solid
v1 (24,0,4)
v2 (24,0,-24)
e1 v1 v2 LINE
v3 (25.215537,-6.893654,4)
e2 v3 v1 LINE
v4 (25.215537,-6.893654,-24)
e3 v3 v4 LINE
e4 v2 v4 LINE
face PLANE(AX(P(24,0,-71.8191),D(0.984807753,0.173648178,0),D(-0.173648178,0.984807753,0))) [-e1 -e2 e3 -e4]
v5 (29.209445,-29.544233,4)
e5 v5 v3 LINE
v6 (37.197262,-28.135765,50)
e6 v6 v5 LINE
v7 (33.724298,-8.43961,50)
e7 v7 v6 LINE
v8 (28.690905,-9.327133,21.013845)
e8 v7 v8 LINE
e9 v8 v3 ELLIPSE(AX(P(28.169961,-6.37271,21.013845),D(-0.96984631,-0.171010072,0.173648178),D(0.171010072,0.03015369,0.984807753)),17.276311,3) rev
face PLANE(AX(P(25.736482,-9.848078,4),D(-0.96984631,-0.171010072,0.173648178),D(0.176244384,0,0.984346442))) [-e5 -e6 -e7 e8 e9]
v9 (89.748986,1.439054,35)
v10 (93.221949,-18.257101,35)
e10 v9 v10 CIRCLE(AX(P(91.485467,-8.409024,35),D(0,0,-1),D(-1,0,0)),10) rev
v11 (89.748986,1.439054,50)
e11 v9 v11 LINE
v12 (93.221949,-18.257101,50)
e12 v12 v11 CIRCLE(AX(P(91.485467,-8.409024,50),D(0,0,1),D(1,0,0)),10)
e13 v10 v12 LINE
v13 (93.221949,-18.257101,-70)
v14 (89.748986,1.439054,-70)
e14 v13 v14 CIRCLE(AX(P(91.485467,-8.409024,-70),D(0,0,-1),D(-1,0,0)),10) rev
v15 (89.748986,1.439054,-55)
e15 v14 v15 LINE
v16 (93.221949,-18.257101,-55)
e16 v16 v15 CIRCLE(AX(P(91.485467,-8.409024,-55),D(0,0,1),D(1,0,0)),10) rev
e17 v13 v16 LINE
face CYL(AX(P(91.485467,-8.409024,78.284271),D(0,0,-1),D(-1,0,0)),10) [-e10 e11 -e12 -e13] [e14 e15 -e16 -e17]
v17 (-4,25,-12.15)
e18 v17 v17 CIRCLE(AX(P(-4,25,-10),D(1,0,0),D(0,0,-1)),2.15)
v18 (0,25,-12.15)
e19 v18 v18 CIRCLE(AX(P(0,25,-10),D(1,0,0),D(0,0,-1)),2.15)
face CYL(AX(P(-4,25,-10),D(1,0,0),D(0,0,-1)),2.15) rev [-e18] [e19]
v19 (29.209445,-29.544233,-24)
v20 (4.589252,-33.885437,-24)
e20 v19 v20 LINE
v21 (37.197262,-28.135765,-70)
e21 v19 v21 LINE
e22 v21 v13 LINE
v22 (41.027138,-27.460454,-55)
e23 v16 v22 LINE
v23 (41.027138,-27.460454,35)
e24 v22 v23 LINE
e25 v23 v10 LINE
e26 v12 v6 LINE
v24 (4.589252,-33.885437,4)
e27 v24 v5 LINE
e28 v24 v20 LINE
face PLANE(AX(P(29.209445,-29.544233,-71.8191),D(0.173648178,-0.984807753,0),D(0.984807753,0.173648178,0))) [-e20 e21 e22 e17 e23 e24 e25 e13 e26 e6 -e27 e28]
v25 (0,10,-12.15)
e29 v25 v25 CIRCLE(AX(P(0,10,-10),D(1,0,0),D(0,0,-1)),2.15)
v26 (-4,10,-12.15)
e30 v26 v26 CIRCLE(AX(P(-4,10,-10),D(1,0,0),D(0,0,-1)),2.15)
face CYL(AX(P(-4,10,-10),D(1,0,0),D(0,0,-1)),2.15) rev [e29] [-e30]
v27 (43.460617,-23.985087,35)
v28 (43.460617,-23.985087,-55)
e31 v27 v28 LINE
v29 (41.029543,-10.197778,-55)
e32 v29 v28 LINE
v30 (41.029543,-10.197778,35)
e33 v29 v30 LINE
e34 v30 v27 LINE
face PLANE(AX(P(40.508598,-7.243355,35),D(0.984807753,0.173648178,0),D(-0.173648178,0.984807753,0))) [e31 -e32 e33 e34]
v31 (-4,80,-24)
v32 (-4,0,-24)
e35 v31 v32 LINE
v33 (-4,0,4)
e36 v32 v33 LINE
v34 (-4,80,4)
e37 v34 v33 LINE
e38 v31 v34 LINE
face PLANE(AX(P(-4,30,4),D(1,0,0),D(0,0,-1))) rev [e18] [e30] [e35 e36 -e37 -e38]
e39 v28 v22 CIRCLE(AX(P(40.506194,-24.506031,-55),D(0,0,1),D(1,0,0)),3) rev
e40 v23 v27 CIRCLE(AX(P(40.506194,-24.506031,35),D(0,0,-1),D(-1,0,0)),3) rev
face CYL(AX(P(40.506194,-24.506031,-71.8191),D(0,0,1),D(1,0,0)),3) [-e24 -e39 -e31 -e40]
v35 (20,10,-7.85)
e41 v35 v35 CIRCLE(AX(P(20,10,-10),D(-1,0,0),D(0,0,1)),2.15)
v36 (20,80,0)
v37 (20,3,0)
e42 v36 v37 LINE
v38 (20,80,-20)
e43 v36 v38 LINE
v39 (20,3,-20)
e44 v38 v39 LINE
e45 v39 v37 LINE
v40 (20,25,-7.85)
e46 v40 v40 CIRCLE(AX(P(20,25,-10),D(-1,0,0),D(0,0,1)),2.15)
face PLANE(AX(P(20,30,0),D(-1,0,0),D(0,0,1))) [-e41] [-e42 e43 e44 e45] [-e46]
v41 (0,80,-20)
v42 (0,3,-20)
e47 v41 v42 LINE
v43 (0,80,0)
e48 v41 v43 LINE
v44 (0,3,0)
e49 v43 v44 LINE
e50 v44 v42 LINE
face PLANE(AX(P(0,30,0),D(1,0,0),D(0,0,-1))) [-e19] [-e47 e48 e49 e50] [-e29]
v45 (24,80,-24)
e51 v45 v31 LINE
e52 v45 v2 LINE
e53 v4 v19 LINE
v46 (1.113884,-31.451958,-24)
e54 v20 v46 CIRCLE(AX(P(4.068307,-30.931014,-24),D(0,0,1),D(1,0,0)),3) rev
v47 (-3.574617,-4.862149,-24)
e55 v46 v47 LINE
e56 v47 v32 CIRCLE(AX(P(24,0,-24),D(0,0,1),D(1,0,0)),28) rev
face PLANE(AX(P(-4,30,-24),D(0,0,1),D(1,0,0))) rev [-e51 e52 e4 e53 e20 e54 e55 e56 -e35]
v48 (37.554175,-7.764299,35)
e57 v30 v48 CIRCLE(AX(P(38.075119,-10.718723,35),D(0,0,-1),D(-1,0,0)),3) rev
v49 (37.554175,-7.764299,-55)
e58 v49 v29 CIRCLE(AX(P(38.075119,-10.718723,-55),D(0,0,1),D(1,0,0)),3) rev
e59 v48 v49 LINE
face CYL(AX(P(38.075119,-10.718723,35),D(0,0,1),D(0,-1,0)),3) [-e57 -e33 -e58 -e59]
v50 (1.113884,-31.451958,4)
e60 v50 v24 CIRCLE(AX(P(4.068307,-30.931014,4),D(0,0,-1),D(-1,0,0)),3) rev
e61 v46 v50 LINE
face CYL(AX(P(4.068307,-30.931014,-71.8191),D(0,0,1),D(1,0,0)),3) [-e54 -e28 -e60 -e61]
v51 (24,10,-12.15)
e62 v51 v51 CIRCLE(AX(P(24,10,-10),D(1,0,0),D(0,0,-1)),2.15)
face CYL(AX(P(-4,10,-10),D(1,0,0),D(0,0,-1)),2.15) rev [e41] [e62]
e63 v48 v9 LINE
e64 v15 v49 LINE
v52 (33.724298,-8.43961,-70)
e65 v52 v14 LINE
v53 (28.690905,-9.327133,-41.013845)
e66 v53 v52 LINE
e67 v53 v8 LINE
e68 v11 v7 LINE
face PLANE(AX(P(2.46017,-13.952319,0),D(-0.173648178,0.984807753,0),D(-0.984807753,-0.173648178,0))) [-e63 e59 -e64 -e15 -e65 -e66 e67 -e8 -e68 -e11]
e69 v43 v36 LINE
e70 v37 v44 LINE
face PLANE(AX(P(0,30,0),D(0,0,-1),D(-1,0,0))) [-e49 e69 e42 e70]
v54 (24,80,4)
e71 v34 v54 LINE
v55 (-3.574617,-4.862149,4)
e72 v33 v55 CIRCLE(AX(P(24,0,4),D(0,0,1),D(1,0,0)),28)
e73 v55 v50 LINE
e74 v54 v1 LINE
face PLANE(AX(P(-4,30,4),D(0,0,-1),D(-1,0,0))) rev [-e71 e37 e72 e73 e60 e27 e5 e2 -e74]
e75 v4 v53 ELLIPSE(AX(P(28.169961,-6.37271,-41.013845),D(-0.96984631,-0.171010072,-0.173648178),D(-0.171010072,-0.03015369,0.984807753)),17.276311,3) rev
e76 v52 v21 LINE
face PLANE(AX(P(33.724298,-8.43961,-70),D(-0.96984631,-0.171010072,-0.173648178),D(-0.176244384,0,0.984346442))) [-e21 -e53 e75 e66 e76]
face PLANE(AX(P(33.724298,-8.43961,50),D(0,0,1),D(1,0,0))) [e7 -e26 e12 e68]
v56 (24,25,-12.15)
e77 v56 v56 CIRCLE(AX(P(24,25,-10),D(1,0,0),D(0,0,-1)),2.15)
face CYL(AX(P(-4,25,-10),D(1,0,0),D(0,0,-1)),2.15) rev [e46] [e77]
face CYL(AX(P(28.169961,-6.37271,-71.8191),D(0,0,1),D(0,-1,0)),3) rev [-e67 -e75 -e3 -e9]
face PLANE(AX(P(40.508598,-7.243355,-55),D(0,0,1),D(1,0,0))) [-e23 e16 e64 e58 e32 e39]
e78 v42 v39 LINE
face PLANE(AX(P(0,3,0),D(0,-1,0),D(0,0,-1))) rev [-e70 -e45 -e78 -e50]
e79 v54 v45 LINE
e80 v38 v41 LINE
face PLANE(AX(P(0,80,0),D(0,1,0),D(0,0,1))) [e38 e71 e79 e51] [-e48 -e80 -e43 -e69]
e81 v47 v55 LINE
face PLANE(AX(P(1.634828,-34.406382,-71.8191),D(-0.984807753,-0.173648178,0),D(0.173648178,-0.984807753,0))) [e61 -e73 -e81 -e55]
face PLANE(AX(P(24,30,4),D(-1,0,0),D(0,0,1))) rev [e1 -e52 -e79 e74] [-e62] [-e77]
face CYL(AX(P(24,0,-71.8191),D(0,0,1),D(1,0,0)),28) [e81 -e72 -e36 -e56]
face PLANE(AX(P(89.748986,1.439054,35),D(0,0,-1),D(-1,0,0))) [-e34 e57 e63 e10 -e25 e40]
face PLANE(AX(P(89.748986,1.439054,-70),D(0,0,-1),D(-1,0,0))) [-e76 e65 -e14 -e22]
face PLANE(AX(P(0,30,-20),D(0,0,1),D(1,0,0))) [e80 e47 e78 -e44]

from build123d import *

# Parameters (mm, degrees)
SKETCH1_W                       = 28
SKETCH1_H                       = 28
SKETCH1_W_2                     = 20
SKETCH1_H_2                     = 20
BOSS_EXTRUDE1_DEPTH             = 30
SKETCH2_W                       = 28
SKETCH2_H                       = 28
BOSS_EXTRUDE2_DEPTH             = 3
SKETCH3_R                       = 2.15
CUT_EXTRUDE1_DEPTH              = 48.539457296
BOSS_EXTRUDE3_DEPTH             = 28
BOSS_EXTRUDE4_DEPTH             = 20
BOSS_EXTRUDE5_REACH             = 146.565
SKETCH6_R                       = 10
BOSS_EXTRUDE5_DIRECTION_2_REACH = 146.565
SKETCH7_W                       = 28
SKETCH7_H                       = 28
SKETCH7_W_2                     = 20
SKETCH7_H_2                     = 20
BOSS_EXTRUDE6_DEPTH             = 50
FILLET1_R                       = 3


with BuildPart() as part:
    # Sketch1 → Boss-Extrude1 (new body)
    with BuildSketch(Plane(origin=(0, 0, 0), x_dir=(1, 0, 0), z_dir=(0, 1, 0))):
        with Locations((10, 10)):
            Rectangle(SKETCH1_W, SKETCH1_H)
        with Locations((10, 10)):
            Rectangle(SKETCH1_W_2, SKETCH1_H_2, mode=Mode.SUBTRACT)
    extrude(amount=BOSS_EXTRUDE1_DEPTH)

    # Sketch2 → Boss-Extrude2 (add)
    with BuildSketch(Plane.XZ):
        with Locations((10, -10)):
            Rectangle(SKETCH2_W, SKETCH2_H)
    extrude(amount=-BOSS_EXTRUDE2_DEPTH)

    # Sketch3 → Cut-Extrude1 (cut, through all)
    with BuildSketch(Plane(origin=(24, 0, 0), x_dir=(0, 0, -1), z_dir=(1, 0, 0))):
        with Locations((10, 25)):
            Circle(SKETCH3_R)
        with Locations((10, 10)):
            Circle(SKETCH3_R)
    extrude(amount=-CUT_EXTRUDE1_DEPTH, mode=Mode.SUBTRACT)

    # Sketch4 → Boss-Extrude3 (add)
    with BuildSketch(Plane.XY.offset(4)):
        with BuildLine():
            Line((24, 0), (29.20944533, -29.54423259))
            Line((29.20944533, -29.54423259), (1.634828246, -34.406381565))
            Line((1.634828246, -34.406381565), (-3.574617084, -4.862148975))
            ThreePointArc((-3.574617084, -4.862148975), (-3.893451547, -2.440360797), (-4, 0))
            Line((-4, 0), (24, 0))
        make_face()
    extrude(amount=-BOSS_EXTRUDE3_DEPTH)

    # Sketch5 → Boss-Extrude4 (add)
    with BuildSketch(Plane(origin=(5.933133881, -33.64847431, 0), x_dir=(0, 0, -1), z_dir=(0.1736481776669318, -0.9848077530122078, 0))):
        Polygon((24, 23.635386072), (-4, 23.635386072), (-50, 31.746427185), (-50, 88.635386072), (-35, 88.635386072), (-35, 38.635386072), (55, 38.635386072), (55, 88.635386072), (70, 88.635386072), (70, 31.746427185), align=None)
    extrude(amount=-BOSS_EXTRUDE4_DEPTH)

    # Boss-Extrude5: up to this face of the body (flat: up to its plane)
    boss_extrude5_end = Plane(part.part.faces().sort_by_distance((63.473123613, -13.348355532, 50))[0])
    # Sketch6 → Boss-Extrude5 (add, up to the picked face)
    with BuildSketch(Plane.XY.offset(-55), mode=Mode.PRIVATE) as boss_extrude5_sk1:
        with Locations(Location((91.485467499, -8.409023512, 0), (0, 0, 100))):
            Circle(SKETCH6_R)
    boss_extrude5_tool1 = split(extrude(boss_extrude5_sk1.sketch, amount=BOSS_EXTRUDE5_REACH, mode=Mode.PRIVATE), bisect_by=boss_extrude5_end, keep=Keep.BOTH, mode=Mode.PRIVATE)
    add(boss_extrude5_tool1.solids().sort_by(Axis((91.485467, -8.409024, -55), (0, 0, 1)))[0])

    # Boss-Extrude5 direction 2: up to this face of the body (flat: up to its plane)
    boss_extrude5_direction_2_end = Plane(part.part.faces().sort_by_distance((63.473123613, -13.348355532, -70))[0])
    # Sketch6 → Boss-Extrude5 direction 2 (add, up to the picked face)
    with BuildSketch(Plane.XY.offset(-55), mode=Mode.PRIVATE) as boss_extrude5_direction_2_sk1:
        with Locations(Location((91.485467499, -8.409023512, 0), (0, 0, 100))):
            Circle(SKETCH6_R)
    boss_extrude5_direction_2_tool1 = split(extrude(boss_extrude5_direction_2_sk1.sketch, amount=-BOSS_EXTRUDE5_DIRECTION_2_REACH, mode=Mode.PRIVATE), bisect_by=boss_extrude5_direction_2_end, keep=Keep.BOTH, mode=Mode.PRIVATE)
    add(boss_extrude5_direction_2_tool1.solids().sort_by(Axis((91.485467, -8.409024, -55), (0, 0, -1)))[0])

    # Sketch7 → Boss-Extrude6 (add)
    with BuildSketch(Plane(origin=(0, 30, 0), x_dir=(1, 0, 0), z_dir=(0, 1, 0))):
        with Locations((10, 10)):
            Rectangle(SKETCH7_W, SKETCH7_H)
        with Locations((10, 10)):
            Rectangle(SKETCH7_W_2, SKETCH7_H_2, mode=Mode.SUBTRACT)
    extrude(amount=BOSS_EXTRUDE6_DEPTH)

    # Fillet1
    fillet1_edges = [part.edges().sort_by_distance(p)[0] for p in [
        (1.634828246, -34.406381565, -10),
        (25.736481777, -9.84807753, -10),
        (40.508598072, -7.243354865, -10),
        (43.981561625, -26.939509925, -10),
    ]]
    fillet(fillet1_edges, radius=FILLET1_R)


solid = part.part
